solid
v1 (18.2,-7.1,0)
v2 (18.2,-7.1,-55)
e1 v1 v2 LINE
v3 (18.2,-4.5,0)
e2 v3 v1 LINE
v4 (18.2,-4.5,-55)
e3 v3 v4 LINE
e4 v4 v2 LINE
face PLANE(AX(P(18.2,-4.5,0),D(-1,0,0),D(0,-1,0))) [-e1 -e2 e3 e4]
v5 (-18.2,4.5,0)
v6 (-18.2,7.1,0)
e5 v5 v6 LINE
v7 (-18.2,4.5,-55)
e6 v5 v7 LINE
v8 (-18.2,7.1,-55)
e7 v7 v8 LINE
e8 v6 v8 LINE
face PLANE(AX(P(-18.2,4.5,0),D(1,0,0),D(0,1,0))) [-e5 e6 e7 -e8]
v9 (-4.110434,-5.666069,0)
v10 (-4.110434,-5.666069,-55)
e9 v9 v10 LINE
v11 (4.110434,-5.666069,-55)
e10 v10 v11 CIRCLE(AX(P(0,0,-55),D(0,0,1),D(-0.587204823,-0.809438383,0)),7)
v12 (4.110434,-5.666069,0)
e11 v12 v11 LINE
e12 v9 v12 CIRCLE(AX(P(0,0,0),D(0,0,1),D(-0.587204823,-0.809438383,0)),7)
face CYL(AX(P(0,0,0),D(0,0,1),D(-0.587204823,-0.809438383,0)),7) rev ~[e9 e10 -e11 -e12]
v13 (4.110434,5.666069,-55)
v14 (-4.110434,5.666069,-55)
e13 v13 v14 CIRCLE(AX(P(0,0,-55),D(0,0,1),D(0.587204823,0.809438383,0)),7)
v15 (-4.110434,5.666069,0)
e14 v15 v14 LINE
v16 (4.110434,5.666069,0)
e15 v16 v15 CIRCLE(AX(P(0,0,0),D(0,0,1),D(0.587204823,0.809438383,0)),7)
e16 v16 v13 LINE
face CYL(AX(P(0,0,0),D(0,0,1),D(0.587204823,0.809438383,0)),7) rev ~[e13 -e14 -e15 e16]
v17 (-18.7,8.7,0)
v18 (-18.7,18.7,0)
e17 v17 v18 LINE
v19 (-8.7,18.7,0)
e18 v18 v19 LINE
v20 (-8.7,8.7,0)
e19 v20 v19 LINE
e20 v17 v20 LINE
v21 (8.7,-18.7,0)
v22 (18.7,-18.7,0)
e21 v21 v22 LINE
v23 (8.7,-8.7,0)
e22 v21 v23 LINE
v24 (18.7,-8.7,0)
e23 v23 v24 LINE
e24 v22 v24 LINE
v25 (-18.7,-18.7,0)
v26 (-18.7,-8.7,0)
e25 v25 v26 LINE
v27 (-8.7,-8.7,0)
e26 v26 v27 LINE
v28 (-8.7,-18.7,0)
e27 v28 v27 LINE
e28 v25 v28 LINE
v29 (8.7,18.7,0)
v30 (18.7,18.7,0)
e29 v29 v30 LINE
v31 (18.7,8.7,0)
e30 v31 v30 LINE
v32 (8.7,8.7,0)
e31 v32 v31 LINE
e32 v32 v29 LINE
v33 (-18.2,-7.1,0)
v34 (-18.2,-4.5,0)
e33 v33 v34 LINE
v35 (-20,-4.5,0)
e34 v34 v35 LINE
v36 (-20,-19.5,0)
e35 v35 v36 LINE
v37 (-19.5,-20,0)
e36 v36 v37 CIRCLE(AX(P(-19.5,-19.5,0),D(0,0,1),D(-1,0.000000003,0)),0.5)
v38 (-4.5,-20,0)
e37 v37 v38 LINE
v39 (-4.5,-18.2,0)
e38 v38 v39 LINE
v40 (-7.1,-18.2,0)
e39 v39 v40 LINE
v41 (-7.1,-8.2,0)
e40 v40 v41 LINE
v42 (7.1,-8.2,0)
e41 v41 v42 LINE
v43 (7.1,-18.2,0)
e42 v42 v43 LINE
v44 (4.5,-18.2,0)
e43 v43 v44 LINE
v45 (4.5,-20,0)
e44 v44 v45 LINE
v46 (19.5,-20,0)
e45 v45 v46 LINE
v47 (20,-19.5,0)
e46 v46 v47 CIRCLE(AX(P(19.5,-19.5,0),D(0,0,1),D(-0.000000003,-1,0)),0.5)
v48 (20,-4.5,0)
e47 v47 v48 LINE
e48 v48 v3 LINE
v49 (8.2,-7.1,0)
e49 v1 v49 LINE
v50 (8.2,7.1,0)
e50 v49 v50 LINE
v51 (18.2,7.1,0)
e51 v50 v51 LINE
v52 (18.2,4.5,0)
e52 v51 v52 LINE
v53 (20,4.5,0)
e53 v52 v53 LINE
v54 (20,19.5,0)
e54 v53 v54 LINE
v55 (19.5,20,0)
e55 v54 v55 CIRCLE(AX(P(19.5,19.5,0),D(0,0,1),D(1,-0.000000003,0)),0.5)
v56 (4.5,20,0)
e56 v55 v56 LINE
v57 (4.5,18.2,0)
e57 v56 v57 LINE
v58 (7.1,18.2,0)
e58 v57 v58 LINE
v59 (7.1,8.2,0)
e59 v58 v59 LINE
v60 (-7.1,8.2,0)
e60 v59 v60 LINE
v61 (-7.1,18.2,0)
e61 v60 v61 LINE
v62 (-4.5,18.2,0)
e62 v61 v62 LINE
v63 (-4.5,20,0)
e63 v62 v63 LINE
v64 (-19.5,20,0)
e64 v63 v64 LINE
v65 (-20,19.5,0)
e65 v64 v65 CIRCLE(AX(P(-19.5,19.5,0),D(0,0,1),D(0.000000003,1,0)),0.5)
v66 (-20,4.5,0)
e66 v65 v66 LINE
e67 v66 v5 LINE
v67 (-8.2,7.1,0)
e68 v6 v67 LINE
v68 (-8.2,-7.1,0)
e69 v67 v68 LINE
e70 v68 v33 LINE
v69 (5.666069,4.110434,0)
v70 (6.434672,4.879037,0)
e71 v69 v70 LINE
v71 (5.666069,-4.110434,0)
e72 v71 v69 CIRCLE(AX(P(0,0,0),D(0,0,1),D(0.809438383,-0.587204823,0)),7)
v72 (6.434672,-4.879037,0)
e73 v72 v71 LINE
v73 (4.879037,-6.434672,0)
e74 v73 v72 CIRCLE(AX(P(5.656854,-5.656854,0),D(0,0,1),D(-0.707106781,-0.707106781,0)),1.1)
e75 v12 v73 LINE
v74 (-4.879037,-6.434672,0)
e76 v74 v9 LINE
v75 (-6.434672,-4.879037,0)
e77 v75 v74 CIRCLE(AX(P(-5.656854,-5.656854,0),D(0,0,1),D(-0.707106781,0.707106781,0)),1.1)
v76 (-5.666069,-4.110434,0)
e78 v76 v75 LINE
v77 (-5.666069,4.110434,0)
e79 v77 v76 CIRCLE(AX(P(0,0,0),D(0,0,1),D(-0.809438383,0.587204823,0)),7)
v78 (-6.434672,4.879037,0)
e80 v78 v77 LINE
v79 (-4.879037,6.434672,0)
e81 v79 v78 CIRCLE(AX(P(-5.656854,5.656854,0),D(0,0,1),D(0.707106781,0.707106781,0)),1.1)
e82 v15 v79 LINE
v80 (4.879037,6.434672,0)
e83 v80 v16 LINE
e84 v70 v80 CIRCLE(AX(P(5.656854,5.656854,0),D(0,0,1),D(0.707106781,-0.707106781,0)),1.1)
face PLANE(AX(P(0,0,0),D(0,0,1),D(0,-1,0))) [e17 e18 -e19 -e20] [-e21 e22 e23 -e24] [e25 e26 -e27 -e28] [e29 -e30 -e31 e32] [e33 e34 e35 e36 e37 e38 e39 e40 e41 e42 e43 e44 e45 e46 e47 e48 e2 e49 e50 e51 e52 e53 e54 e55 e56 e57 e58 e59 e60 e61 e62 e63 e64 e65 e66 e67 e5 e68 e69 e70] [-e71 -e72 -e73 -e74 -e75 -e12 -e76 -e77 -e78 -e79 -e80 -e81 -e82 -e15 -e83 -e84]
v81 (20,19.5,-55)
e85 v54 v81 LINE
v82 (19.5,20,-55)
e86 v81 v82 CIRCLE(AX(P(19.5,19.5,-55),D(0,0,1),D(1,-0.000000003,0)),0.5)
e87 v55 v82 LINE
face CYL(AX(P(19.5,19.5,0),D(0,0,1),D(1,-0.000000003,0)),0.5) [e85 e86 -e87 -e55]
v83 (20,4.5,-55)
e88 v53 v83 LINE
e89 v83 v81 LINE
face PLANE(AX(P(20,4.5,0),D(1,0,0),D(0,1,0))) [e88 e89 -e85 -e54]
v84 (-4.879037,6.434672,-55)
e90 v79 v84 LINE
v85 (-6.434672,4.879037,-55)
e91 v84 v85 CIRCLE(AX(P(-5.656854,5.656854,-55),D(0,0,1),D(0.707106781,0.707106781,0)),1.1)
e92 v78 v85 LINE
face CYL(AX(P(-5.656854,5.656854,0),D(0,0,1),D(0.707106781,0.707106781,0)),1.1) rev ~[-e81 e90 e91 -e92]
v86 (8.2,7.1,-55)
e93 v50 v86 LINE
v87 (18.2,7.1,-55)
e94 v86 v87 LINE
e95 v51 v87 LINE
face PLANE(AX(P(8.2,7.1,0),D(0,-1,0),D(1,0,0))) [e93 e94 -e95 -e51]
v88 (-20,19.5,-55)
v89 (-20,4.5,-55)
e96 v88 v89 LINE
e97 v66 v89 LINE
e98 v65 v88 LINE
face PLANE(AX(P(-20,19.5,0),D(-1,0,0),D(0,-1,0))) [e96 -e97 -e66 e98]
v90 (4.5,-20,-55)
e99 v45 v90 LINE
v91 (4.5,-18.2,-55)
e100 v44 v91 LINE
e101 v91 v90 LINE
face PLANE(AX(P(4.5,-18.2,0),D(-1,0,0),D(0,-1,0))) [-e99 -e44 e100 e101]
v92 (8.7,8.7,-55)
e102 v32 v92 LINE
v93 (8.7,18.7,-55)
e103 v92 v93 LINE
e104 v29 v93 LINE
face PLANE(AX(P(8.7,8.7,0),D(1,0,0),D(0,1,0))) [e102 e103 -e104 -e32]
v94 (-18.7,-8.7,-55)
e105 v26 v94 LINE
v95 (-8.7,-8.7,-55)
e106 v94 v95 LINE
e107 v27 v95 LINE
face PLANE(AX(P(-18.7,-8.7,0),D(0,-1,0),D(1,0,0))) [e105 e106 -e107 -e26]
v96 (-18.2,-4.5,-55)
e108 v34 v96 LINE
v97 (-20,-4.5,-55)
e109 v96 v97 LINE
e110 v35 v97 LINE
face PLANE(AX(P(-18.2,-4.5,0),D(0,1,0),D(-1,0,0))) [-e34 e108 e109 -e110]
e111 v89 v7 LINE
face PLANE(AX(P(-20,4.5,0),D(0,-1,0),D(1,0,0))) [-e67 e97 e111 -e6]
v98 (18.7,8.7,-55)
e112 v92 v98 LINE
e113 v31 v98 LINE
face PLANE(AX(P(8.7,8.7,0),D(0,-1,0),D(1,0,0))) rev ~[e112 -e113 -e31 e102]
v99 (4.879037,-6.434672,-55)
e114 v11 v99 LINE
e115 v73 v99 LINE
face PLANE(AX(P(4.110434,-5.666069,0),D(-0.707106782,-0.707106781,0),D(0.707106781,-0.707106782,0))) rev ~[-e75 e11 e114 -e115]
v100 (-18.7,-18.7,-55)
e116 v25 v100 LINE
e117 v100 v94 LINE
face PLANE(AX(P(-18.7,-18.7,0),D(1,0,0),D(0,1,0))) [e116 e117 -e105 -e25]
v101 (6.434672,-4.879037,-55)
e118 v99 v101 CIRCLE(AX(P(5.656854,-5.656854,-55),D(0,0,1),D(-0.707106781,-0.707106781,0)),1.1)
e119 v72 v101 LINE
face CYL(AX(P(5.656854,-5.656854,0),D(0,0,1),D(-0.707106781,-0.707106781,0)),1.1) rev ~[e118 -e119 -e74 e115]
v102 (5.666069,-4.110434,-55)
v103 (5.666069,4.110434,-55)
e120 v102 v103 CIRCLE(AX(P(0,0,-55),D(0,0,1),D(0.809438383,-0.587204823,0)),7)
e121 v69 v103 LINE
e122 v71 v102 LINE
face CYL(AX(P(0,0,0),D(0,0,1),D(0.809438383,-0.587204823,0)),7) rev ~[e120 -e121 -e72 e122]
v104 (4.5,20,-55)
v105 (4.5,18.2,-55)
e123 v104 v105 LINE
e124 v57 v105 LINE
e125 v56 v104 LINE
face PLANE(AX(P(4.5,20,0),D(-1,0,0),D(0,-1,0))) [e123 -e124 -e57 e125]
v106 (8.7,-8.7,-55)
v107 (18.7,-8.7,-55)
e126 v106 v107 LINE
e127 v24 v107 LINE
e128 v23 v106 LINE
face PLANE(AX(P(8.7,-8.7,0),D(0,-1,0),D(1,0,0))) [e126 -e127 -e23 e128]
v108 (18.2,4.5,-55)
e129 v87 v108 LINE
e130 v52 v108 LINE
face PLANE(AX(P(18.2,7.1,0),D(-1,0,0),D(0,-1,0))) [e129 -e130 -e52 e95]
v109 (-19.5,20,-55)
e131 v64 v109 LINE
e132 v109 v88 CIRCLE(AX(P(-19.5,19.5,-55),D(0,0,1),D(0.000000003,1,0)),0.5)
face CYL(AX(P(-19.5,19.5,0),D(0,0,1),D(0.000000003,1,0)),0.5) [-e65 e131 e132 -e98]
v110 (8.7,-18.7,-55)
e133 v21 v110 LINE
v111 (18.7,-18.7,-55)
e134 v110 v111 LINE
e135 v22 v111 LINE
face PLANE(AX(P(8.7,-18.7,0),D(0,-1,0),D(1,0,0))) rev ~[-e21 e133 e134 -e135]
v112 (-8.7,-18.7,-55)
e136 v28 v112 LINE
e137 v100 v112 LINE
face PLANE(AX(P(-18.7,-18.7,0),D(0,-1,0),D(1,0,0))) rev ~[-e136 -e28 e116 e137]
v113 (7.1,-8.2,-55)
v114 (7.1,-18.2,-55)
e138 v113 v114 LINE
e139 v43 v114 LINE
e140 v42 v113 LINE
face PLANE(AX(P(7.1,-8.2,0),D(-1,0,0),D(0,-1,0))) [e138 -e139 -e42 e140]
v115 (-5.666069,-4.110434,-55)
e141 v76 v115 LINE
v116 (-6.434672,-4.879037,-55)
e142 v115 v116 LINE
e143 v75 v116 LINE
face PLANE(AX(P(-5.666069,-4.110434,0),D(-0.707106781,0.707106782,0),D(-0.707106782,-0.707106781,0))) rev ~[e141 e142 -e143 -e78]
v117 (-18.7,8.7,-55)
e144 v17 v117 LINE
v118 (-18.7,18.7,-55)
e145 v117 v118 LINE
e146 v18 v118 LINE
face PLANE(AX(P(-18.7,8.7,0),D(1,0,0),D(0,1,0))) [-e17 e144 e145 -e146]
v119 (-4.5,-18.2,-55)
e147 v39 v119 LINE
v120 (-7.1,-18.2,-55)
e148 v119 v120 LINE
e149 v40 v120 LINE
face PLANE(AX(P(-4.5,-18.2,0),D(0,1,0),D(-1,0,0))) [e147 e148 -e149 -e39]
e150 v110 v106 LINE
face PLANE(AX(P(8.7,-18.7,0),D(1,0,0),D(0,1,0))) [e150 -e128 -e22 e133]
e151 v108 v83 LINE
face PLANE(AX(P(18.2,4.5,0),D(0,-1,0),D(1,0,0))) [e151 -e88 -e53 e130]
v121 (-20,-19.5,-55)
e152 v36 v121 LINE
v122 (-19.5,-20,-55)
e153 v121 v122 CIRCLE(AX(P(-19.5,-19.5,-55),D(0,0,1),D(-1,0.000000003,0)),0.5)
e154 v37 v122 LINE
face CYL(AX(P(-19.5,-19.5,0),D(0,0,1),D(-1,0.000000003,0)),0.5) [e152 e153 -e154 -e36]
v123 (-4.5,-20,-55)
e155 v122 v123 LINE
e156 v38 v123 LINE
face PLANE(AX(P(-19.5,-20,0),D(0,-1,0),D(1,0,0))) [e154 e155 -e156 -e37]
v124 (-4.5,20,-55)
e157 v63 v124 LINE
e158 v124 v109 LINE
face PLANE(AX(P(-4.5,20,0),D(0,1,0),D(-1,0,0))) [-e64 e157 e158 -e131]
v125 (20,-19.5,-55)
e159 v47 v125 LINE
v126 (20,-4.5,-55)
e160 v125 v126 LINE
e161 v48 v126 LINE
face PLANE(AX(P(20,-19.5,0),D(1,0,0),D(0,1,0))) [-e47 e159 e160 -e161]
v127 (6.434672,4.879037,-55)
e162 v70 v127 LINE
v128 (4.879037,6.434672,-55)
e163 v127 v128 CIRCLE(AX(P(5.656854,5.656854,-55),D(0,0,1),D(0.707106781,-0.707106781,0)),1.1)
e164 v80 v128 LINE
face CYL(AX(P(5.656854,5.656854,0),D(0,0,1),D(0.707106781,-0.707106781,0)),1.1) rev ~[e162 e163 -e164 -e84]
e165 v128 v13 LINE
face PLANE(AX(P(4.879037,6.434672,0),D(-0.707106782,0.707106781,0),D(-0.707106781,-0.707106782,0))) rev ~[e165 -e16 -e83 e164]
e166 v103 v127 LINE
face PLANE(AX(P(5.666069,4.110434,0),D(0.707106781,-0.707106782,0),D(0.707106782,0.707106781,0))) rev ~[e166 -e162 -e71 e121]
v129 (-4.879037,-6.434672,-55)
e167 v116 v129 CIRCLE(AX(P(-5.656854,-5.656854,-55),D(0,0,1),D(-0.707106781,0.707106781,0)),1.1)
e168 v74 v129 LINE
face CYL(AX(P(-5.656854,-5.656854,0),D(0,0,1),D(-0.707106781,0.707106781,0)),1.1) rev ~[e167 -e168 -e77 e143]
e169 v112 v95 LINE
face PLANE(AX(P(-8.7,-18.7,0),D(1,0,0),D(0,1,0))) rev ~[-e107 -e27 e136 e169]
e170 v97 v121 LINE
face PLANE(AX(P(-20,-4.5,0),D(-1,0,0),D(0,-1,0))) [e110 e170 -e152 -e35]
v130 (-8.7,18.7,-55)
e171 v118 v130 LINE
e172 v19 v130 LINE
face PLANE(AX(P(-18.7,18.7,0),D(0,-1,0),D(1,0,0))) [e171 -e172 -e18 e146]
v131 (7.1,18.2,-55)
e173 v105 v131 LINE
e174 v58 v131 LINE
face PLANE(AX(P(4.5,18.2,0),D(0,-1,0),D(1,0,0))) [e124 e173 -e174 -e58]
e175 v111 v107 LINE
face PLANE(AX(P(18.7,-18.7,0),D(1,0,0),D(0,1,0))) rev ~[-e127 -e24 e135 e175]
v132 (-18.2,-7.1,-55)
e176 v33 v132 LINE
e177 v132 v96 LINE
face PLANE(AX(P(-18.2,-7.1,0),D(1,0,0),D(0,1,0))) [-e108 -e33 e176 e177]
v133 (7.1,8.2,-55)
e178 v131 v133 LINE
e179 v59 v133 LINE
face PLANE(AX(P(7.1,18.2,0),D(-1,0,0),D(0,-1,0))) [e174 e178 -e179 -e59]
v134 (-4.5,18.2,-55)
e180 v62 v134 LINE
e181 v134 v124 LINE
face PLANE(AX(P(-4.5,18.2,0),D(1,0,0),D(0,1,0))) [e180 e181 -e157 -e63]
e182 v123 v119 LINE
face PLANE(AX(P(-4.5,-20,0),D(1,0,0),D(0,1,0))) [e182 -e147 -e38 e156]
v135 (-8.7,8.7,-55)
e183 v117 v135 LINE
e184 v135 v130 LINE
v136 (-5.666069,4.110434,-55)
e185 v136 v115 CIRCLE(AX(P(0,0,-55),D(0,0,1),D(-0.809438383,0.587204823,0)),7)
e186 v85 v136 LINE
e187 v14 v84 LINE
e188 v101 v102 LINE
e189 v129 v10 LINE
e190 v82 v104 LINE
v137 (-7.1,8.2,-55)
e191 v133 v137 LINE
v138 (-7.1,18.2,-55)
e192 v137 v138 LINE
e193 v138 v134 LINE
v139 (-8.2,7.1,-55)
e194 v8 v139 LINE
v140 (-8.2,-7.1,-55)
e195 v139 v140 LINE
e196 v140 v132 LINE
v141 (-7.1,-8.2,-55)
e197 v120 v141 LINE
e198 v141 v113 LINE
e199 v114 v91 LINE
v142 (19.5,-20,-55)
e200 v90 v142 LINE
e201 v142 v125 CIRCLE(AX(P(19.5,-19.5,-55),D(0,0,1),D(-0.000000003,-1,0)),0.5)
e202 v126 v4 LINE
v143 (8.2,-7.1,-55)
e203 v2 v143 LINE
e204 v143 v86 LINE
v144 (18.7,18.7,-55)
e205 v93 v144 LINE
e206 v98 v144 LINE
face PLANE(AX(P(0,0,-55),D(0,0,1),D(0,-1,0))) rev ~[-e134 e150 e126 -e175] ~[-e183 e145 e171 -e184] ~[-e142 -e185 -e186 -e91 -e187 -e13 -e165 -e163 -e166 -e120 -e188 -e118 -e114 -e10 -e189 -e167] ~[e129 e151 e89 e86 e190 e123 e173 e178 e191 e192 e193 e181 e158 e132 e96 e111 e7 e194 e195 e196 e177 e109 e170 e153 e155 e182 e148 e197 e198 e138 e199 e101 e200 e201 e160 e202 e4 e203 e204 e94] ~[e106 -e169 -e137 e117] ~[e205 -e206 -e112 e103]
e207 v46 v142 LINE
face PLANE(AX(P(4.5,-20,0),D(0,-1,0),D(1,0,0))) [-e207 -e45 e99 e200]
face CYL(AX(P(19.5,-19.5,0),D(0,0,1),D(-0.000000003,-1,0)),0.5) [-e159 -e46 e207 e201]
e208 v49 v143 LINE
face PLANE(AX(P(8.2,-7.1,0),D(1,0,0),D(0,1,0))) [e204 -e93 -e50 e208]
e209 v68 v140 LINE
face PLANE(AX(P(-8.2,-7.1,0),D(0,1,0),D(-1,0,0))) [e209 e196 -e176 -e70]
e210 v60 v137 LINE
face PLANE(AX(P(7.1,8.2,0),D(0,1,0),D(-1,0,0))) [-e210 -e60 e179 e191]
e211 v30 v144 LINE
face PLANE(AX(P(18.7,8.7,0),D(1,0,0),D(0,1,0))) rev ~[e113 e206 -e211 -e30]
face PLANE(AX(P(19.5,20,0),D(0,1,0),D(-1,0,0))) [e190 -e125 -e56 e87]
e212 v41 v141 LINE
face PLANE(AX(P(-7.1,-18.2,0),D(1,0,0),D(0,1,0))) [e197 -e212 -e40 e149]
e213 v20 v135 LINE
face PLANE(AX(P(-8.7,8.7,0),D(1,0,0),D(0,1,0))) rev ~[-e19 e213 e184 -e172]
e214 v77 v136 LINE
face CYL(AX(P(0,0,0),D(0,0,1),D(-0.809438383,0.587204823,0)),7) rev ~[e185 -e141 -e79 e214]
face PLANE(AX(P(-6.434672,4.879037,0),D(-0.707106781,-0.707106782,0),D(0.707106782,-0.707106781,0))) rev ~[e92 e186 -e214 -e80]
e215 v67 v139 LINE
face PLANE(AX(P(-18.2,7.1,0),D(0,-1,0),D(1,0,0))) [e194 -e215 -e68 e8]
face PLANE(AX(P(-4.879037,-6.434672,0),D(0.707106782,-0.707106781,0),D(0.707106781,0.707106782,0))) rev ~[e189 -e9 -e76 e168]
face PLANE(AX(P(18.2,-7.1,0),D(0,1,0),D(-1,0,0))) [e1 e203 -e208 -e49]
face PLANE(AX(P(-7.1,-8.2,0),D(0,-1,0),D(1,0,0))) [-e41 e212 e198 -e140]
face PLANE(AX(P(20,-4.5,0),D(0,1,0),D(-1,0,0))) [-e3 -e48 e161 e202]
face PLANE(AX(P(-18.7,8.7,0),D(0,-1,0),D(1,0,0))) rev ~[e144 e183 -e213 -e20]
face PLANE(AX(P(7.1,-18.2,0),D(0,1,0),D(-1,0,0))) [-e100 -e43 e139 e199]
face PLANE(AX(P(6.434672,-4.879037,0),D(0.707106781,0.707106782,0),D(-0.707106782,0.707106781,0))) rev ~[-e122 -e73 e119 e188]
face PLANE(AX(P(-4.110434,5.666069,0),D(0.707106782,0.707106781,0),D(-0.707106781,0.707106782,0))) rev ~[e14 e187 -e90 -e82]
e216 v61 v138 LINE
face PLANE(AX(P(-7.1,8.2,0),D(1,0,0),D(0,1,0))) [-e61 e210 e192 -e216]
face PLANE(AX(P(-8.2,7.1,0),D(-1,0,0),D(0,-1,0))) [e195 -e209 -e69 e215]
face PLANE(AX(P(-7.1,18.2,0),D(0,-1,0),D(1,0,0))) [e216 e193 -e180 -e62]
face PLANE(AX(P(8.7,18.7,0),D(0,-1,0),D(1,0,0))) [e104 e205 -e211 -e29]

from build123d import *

# Parameters (mm, degrees)
SKETCH12_W                = 10
SKETCH12_H                = 10
F_40_X_40A_X_R0_5_1_DEPTH = 55


with BuildPart() as part:
    # Sketch12 → 铝型材 40 X 40A X R0.5(1) (new body)
    with BuildSketch(Plane.YX):
        with BuildLine():
            Line((-19.5, 20), (-4.5, 20))
            Line((-4.5, 20), (-4.5, 18.2))
            Line((-4.5, 18.2), (-7.1, 18.2))
            Line((-7.1, 18.2), (-7.1, 8.2))
            Line((-7.1, 8.2), (7.1, 8.2))
            Line((7.1, 8.2), (7.1, 18.2))
            Line((7.1, 18.2), (4.5, 18.2))
            Line((4.5, 18.2), (4.5, 20))
            Line((4.5, 20), (19.5, 20))
            ThreePointArc((19.5, 20), (19.853553391, 19.853553391), (20, 19.5))
            Line((20, 19.5), (20, 4.5))
            Line((20, 4.5), (18.2, 4.5))
            Line((18.2, 4.5), (18.2, 7.1))
            Line((18.2, 7.1), (8.2, 7.1))
            Line((8.2, 7.1), (8.2, -7.1))
            Line((8.2, -7.1), (18.2, -7.1))
            Line((18.2, -7.1), (18.2, -4.5))
            Line((18.2, -4.5), (20, -4.5))
            Line((20, -4.5), (20, -19.5))
            ThreePointArc((20, -19.5), (19.853553391, -19.853553391), (19.5, -20))
            Line((19.5, -20), (4.5, -20))
            Line((4.5, -20), (4.5, -18.2))
            Line((4.5, -18.2), (7.1, -18.2))
            Line((7.1, -18.2), (7.1, -8.2))
            Line((7.1, -8.2), (-7.1, -8.2))
            Line((-7.1, -8.2), (-7.1, -18.2))
            Line((-7.1, -18.2), (-4.5, -18.2))
            Line((-4.5, -18.2), (-4.5, -20))
            Line((-4.5, -20), (-19.5, -20))
            ThreePointArc((-19.5, -20), (-19.853553391, -19.853553391), (-20, -19.5))
            Line((-20, -19.5), (-20, -4.5))
            Line((-20, -4.5), (-18.2, -4.5))
            Line((-18.2, -4.5), (-18.2, -7.1))
            Line((-18.2, -7.1), (-8.2, -7.1))
            Line((-8.2, -7.1), (-8.2, 7.1))
            Line((-8.2, 7.1), (-18.2, 7.1))
            Line((-18.2, 7.1), (-18.2, 4.5))
            Line((-18.2, 4.5), (-20, 4.5))
            Line((-20, 4.5), (-20, 19.5))
            ThreePointArc((-20, 19.5), (-19.853553391, 19.853553391), (-19.5, 20))
        make_face()
        with BuildLine():
            Line((-4.87903679, 6.434671709), (-4.110433762, 5.66606868))
            ThreePointArc((-4.110433762, 5.66606868), (0, 7), (4.110433762, 5.66606868))
            Line((4.110433762, 5.66606868), (4.87903679, 6.434671709))
            ThreePointArc((4.87903679, 6.434671709), (6.434671709, 6.434671709), (6.434671709, 4.87903679))
            Line((6.434671709, 4.87903679), (5.66606868, 4.110433762))
            ThreePointArc((5.66606868, 4.110433762), (7, 0), (5.66606868, -4.110433762))
            Line((5.66606868, -4.110433762), (6.434671709, -4.87903679))
            ThreePointArc((6.434671709, -4.87903679), (6.434671709, -6.434671709), (4.87903679, -6.434671709))
            Line((4.87903679, -6.434671709), (4.110433762, -5.66606868))
            ThreePointArc((4.110433762, -5.66606868), (0, -7), (-4.110433762, -5.66606868))
            Line((-4.110433762, -5.66606868), (-4.87903679, -6.434671709))
            ThreePointArc((-4.87903679, -6.434671709), (-6.434671709, -6.434671709), (-6.434671709, -4.87903679))
            Line((-6.434671709, -4.87903679), (-5.66606868, -4.110433762))
            ThreePointArc((-5.66606868, -4.110433762), (-7, 0), (-5.66606868, 4.110433762))
            Line((-5.66606868, 4.110433762), (-6.434671709, 4.87903679))
            ThreePointArc((-6.434671709, 4.87903679), (-6.434671709, 6.434671709), (-4.87903679, 6.434671709))
        make_face(mode=Mode.SUBTRACT)
        with Locations((-13.7, 13.7)):
            Rectangle(SKETCH12_W, SKETCH12_H, mode=Mode.SUBTRACT)
        with Locations((13.7, 13.7)):
            Rectangle(SKETCH12_W, SKETCH12_H, mode=Mode.SUBTRACT)
        with Locations((13.7, -13.7)):
            Rectangle(SKETCH12_W, SKETCH12_H, mode=Mode.SUBTRACT)
        with Locations((-13.7, -13.7)):
            Rectangle(SKETCH12_W, SKETCH12_H, mode=Mode.SUBTRACT)
    extrude(amount=F_40_X_40A_X_R0_5_1_DEPTH)


solid = part.part
